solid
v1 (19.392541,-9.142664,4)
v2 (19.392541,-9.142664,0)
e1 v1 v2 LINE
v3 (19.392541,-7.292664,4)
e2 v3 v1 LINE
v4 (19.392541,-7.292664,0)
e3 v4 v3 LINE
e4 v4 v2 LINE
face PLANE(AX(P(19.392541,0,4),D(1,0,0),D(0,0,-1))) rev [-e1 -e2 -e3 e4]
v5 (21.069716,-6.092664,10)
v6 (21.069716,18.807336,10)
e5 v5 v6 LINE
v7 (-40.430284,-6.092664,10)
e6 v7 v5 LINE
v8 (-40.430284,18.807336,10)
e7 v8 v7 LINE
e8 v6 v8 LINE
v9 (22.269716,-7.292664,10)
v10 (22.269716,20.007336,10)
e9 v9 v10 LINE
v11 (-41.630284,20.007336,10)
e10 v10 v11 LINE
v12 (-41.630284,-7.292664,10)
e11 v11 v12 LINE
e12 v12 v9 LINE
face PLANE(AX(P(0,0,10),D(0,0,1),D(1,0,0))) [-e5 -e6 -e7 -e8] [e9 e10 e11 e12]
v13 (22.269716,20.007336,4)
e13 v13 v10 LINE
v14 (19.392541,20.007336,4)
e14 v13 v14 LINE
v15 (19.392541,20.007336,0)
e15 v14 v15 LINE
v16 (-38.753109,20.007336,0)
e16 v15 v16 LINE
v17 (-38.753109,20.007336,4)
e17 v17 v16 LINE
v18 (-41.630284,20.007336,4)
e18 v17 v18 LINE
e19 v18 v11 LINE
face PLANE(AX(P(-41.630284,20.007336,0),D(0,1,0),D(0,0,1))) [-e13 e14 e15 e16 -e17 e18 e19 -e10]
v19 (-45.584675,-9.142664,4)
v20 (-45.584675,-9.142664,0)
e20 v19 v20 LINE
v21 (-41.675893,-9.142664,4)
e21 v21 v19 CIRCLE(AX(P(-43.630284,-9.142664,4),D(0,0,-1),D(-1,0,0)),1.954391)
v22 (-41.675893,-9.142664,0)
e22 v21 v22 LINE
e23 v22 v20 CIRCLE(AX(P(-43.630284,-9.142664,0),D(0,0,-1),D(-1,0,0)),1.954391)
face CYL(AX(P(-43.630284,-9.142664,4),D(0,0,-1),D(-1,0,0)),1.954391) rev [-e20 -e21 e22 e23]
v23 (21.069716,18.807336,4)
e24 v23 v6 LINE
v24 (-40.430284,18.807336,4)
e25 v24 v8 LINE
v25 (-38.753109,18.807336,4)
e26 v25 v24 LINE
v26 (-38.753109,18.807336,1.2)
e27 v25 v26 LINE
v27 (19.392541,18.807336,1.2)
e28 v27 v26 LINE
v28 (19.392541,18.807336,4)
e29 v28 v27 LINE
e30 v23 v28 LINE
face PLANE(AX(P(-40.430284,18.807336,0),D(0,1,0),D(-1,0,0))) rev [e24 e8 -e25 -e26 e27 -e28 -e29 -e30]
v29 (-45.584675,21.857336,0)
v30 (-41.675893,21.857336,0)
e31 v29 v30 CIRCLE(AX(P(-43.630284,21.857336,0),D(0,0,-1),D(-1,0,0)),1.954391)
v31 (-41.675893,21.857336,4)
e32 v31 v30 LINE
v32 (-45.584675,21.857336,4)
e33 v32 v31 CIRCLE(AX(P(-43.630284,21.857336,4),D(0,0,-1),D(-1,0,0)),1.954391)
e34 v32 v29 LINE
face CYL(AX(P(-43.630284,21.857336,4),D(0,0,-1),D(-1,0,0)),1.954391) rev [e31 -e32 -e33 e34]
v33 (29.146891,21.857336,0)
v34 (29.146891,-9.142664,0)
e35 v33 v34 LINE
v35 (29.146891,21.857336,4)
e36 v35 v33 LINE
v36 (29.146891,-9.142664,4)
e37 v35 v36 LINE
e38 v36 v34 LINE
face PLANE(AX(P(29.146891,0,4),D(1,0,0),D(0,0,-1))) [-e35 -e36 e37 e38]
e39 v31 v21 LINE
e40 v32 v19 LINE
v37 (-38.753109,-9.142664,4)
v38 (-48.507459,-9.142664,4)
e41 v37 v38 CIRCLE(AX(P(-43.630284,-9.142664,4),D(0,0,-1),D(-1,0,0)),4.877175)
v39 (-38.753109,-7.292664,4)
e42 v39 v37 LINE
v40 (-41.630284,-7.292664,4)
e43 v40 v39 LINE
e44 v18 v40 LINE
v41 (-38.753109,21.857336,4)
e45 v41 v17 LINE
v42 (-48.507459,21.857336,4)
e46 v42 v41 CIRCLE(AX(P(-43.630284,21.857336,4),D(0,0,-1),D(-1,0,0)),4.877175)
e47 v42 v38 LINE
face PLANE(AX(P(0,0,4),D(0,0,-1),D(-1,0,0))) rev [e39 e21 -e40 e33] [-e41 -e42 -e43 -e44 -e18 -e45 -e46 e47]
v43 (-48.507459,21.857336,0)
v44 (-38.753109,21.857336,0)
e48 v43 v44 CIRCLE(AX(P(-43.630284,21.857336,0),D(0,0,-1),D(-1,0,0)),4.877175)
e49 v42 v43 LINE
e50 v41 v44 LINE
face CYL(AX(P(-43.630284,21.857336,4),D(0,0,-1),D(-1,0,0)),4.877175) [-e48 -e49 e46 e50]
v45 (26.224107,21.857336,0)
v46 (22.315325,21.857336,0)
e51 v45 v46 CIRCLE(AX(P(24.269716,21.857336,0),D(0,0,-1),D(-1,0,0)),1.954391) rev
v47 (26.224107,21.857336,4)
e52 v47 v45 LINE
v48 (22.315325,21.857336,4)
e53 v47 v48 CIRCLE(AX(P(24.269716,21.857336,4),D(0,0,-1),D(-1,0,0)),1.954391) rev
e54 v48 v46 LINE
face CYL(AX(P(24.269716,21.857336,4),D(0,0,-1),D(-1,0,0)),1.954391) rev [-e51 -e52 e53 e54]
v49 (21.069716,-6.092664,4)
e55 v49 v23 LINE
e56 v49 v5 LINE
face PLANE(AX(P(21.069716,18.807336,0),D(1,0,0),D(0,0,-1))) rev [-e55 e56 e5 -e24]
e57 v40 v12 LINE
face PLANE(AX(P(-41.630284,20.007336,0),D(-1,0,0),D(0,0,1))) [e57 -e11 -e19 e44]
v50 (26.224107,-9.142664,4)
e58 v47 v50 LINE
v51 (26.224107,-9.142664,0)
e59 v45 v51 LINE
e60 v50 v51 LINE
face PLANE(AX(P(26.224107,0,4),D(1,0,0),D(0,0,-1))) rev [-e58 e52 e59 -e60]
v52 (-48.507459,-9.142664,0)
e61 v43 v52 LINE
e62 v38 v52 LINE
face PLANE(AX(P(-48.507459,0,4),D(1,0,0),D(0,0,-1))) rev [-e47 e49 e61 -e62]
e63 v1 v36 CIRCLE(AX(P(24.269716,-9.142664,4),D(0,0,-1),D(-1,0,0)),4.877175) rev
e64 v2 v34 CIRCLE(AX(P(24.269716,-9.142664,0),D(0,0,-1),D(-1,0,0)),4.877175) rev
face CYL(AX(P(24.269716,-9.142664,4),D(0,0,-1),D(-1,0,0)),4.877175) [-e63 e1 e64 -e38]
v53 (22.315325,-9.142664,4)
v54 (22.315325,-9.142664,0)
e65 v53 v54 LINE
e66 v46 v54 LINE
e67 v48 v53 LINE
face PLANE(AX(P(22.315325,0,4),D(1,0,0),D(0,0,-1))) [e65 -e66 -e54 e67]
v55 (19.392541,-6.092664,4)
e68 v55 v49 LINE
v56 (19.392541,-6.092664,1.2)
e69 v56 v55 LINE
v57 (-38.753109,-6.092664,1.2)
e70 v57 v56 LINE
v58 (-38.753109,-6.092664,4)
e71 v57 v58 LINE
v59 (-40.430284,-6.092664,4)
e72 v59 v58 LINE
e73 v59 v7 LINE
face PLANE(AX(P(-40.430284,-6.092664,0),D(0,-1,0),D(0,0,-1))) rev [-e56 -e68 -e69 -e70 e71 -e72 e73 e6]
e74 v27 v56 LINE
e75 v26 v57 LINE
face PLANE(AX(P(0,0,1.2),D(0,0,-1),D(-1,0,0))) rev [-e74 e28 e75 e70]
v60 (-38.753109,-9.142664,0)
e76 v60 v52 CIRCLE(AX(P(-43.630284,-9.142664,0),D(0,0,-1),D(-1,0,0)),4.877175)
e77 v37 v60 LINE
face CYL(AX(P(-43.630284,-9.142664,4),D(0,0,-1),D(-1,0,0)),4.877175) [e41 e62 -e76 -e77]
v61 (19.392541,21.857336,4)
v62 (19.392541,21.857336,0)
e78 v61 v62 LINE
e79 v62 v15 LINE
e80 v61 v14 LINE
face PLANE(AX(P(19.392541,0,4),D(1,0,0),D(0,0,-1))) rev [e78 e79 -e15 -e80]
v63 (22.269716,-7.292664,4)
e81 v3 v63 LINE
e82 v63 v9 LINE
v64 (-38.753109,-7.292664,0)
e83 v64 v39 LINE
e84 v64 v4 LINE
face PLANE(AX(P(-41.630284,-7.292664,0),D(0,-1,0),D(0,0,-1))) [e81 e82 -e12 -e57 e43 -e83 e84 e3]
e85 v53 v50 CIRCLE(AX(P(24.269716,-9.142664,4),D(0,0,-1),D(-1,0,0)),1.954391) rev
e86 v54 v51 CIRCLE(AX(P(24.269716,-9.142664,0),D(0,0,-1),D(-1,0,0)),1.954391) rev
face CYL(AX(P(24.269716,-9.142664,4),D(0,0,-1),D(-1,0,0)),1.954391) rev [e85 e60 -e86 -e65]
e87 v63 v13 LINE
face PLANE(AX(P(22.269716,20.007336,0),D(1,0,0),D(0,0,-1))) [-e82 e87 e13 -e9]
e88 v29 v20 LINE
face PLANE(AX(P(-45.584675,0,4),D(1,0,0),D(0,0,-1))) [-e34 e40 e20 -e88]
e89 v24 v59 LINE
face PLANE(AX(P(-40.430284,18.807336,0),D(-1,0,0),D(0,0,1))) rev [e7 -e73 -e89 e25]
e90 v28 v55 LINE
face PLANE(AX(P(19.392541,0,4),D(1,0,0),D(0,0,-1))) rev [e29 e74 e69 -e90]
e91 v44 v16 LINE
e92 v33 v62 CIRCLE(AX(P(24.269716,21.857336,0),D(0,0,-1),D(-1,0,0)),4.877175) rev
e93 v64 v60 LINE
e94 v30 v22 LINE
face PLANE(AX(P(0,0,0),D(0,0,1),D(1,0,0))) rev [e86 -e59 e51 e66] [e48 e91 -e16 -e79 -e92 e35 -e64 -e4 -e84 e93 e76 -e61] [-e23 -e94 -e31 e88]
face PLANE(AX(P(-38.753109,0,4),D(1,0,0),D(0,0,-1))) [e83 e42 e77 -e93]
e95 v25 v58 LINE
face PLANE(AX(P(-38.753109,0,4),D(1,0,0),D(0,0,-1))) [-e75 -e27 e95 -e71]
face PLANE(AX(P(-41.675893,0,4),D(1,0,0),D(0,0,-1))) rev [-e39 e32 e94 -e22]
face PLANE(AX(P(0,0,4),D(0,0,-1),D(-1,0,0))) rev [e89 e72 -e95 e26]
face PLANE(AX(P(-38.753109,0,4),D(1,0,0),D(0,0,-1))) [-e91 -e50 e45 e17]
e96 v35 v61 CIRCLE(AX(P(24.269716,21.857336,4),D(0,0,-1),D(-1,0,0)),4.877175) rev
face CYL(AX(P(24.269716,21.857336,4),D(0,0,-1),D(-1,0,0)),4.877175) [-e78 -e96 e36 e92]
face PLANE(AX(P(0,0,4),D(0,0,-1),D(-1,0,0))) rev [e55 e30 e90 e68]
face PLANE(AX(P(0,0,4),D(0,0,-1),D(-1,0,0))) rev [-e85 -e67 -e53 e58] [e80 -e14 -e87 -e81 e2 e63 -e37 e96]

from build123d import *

# Parameters (mm, degrees)
BOSS_EXTRUDE1_DEPTH = 10
SKETCH2_W           = 63.9
SKETCH2_H           = 27.3
BOSS_EXTRUDE2_DEPTH = 1.2
BOSS_EXTRUDE3_DEPTH = 4


with BuildPart() as part:
    # 3DSketch1 → Boss-Extrude1 (new body)
    with BuildSketch(Plane(origin=(-40.430283892, 18.807335645, 0), x_dir=(0.9232075579857172, -0.3843017107404659, 0), z_dir=(0, 0, 1))):
        Polygon((-1.569011122, 0.646687017), (57.423951833, 25.203566333), (67.915388536, 0), (8.922425581, -24.556879316), align=None)
        Polygon((0, 0), (56.777264816, 23.634555211), (66.346377414, 0.646687017), (9.569112597, -22.987868194), align=None, mode=Mode.SUBTRACT)
    extrude(amount=BOSS_EXTRUDE1_DEPTH)

    # Sketch2 → Boss-Extrude2 (add)
    with BuildSketch(Plane(origin=(0, 0, 0), x_dir=(-1, 0, 0), z_dir=(0, 0, -1))):
        with Locations((9.680283892, 6.357335645)):
            Rectangle(SKETCH2_W, SKETCH2_H)
    extrude(amount=-BOSS_EXTRUDE2_DEPTH)

    # Sketch4 → Boss-Extrude3 (add)
    with BuildSketch(Plane(origin=(0, 0, 0), x_dir=(-1, 0, 0), z_dir=(0, 0, -1))):
        with BuildLine():
            Line((48.507458783, 21.857335645), (48.507458783, -9.142664355))
            ThreePointArc((48.507458783, -9.142664355), (43.630283892, -14.019839246), (38.753109001, -9.142664355))
            Line((38.753109001, -9.142664355), (38.753109001, 21.857335645))
            ThreePointArc((38.753109001, 21.857335645), (43.630283892, 26.734510536), (48.507458783, 21.857335645))
        make_face()
        with BuildLine():
            Line((45.58467524, 21.857335645), (45.58467524, -9.142664355))
            ThreePointArc((45.58467524, -9.142664355), (43.630283892, -11.097055703), (41.675892544, -9.142664355))
            Line((41.675892544, -9.142664355), (41.675892544, 21.857335645))
            ThreePointArc((41.675892544, 21.857335645), (43.630283892, 23.811726993), (45.58467524, 21.857335645))
        make_face(mode=Mode.SUBTRACT)
        with BuildLine():
            Line((-29.146890999, 21.857335645), (-29.146890999, -9.142664355))
            ThreePointArc((-29.146890999, -9.142664355), (-24.269716108, -14.019839246), (-19.392541217, -9.142664355))
            Line((-19.392541217, -9.142664355), (-19.392541217, 21.857335645))
            ThreePointArc((-19.392541217, 21.857335645), (-24.269716108, 26.734510536), (-29.146890999, 21.857335645))
        make_face()
        with BuildLine():
            Line((-26.224107456, 21.857335645), (-26.224107456, -9.142664355))
            ThreePointArc((-26.224107456, -9.142664355), (-24.269716108, -11.097055703), (-22.31532476, -9.142664355))
            Line((-22.31532476, -9.142664355), (-22.31532476, 21.857335645))
            ThreePointArc((-22.31532476, 21.857335645), (-24.269716108, 23.811726993), (-26.224107456, 21.857335645))
        make_face(mode=Mode.SUBTRACT)
    extrude(amount=-BOSS_EXTRUDE3_DEPTH)


solid = part.part
